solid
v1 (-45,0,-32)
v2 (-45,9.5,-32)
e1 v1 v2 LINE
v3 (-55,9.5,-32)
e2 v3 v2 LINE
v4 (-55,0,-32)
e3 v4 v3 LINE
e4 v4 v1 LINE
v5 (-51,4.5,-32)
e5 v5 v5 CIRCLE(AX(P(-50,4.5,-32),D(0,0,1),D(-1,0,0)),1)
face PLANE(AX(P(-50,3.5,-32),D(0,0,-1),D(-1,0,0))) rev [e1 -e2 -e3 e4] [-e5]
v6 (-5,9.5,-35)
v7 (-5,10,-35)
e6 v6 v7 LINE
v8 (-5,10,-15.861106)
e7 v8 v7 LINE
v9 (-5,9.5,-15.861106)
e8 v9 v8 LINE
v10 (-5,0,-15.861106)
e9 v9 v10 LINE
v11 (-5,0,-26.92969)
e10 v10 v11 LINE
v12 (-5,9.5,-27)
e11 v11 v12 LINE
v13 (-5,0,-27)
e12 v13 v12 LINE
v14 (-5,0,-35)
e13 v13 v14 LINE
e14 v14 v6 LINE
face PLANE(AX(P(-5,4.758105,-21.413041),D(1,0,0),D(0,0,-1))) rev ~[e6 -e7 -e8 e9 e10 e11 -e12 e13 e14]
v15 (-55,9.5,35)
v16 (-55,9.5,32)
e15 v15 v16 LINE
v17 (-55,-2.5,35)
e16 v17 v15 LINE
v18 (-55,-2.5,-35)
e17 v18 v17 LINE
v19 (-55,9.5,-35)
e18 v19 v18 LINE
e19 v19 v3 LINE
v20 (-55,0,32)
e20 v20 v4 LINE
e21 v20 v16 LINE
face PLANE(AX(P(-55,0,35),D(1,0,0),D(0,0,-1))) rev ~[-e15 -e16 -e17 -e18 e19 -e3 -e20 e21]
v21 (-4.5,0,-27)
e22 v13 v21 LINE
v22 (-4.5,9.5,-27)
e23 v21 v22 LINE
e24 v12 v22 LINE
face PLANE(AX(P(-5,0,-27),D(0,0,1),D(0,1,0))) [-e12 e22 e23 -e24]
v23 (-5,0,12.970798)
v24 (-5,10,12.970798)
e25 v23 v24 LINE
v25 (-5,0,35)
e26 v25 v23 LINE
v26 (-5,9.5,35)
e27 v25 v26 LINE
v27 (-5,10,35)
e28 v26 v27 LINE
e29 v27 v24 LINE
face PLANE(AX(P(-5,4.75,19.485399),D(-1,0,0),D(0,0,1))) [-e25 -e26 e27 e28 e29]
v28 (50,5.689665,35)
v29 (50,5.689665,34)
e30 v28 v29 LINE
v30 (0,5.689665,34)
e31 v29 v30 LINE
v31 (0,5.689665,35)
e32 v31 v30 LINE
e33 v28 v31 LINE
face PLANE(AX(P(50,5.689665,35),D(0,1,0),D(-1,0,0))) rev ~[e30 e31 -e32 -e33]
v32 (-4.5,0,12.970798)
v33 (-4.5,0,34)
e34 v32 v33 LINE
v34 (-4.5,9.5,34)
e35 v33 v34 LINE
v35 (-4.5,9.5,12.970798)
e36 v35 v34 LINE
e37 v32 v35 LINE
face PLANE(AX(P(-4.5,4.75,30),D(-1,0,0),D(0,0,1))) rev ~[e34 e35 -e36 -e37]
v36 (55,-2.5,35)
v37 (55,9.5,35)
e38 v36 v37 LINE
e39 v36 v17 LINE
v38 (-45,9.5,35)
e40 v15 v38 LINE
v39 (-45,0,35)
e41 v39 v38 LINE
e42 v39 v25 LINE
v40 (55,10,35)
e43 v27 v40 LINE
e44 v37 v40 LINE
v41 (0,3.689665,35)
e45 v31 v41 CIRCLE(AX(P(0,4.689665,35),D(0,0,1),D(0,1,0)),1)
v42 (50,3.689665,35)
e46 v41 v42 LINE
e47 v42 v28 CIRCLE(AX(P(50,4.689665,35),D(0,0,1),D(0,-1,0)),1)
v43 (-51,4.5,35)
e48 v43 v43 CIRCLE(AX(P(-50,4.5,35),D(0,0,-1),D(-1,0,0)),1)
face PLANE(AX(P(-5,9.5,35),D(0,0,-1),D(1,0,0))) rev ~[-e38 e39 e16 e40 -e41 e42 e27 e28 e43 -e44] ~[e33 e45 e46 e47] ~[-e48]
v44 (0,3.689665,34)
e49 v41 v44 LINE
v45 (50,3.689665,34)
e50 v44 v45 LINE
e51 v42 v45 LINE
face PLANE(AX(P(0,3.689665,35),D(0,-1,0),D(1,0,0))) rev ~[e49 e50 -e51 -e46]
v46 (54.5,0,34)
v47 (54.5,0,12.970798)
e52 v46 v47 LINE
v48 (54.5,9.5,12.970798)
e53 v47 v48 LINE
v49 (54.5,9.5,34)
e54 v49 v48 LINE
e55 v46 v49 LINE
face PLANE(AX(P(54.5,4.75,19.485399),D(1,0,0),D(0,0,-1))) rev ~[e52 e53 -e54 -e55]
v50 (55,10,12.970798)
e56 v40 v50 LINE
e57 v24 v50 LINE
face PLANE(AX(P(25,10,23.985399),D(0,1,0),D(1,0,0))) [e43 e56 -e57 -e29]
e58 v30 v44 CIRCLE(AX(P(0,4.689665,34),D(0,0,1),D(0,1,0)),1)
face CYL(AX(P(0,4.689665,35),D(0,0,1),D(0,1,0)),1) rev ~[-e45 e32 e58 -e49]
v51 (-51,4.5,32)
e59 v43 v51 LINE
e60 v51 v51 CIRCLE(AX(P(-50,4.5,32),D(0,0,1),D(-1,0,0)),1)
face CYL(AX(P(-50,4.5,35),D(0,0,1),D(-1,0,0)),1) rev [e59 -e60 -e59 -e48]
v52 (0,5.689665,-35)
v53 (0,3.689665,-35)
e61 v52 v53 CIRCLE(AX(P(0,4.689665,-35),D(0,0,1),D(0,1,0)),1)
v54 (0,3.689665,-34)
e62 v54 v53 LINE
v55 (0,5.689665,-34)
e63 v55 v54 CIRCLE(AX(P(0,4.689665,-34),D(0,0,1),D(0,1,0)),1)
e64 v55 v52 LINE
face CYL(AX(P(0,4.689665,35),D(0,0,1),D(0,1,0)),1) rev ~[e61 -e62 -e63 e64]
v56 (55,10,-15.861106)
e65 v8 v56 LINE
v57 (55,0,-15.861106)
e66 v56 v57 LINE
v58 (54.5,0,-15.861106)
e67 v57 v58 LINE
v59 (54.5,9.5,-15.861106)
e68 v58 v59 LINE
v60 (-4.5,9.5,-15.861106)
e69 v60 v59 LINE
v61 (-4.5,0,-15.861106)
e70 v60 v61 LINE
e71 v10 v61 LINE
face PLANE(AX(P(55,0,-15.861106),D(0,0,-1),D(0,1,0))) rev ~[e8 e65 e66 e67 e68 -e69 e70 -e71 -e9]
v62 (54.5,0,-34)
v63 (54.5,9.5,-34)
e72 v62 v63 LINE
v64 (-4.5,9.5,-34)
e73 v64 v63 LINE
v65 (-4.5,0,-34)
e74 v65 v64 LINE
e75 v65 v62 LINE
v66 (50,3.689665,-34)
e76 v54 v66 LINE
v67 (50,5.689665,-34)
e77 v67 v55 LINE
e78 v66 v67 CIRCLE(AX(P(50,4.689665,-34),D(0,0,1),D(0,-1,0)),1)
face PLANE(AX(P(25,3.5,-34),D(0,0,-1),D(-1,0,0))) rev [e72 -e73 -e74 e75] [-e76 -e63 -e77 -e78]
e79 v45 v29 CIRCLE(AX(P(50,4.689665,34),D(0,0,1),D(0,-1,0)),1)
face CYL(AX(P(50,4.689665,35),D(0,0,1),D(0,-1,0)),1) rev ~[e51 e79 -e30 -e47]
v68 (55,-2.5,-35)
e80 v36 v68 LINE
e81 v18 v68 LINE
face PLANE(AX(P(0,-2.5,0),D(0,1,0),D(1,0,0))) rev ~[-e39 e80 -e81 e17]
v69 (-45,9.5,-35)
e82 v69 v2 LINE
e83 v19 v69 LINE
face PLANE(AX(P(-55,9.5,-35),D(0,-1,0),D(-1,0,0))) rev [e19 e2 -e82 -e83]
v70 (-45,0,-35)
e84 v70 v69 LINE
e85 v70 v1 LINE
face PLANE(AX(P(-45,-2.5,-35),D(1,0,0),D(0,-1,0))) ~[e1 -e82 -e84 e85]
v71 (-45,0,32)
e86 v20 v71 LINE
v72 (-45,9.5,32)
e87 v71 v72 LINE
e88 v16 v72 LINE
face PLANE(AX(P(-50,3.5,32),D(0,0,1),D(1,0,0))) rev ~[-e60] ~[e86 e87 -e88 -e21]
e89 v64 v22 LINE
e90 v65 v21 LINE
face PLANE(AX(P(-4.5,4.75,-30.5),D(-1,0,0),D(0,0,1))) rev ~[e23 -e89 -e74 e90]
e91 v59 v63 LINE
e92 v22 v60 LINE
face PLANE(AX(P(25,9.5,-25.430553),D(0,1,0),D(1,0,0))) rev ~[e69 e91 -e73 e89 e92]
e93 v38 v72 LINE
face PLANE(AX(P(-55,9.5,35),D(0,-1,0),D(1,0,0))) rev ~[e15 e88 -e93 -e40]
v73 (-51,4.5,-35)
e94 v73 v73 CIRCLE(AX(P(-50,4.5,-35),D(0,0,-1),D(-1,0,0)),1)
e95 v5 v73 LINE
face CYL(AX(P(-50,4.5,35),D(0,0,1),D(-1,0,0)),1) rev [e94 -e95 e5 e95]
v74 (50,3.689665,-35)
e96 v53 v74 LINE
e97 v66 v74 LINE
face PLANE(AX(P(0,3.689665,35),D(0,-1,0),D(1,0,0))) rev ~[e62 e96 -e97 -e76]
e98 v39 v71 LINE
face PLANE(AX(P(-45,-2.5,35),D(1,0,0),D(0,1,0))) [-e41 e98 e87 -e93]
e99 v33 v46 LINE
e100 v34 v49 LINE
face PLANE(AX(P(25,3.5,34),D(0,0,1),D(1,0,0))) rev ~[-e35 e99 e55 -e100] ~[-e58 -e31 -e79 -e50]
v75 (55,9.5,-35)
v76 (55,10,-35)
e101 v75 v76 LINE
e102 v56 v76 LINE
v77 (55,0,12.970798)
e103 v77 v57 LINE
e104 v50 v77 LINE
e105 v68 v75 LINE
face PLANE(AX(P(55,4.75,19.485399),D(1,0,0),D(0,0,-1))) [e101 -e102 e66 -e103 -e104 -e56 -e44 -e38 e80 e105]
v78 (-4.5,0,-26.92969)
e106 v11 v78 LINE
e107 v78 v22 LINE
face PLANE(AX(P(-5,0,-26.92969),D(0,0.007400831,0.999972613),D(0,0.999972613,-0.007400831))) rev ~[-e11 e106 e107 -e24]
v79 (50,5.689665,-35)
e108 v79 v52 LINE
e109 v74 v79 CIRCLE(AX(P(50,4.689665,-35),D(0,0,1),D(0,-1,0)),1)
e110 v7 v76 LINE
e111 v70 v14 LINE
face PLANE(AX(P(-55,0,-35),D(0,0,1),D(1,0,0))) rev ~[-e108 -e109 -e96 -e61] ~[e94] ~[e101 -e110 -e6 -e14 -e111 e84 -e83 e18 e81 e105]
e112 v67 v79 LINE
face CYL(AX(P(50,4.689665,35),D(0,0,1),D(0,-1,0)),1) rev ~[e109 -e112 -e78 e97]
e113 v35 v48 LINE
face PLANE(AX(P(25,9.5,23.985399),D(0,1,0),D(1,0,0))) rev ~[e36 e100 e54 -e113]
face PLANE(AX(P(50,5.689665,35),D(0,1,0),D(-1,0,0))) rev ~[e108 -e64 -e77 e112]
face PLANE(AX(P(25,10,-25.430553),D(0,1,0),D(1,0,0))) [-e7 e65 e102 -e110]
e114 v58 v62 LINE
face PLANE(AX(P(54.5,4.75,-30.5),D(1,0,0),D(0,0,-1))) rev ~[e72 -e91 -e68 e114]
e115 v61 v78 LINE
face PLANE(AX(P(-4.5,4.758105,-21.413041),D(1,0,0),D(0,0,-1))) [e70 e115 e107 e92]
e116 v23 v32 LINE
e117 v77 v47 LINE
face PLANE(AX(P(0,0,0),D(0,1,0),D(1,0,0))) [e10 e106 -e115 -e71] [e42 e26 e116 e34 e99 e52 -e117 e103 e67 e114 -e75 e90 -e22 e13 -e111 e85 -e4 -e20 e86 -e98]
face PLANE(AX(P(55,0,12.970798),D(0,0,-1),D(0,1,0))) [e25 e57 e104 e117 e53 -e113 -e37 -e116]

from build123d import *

# Parameters (mm, degrees)
SKETCH1_W             = 110
SKETCH1_H             = 70
BOSS_EXTRUDE1_DEPTH   = 2.5
SKETCH2_W             = 60
SKETCH2_H             = 12
BOSS_EXTRUDE2_DEPTH   = 1
SKETCH3_W             = 10
SKETCH3_H             = 12
BOSS_EXTRUDE3_DEPTH   = 3
SKETCH5_W             = 8
SKETCH5_H             = 9.5
BOSS_EXTRUDE4_DEPTH   = 0.5
SKETCH5_W_2           = 7
BOSS_EXTRUDE4_2_DEPTH = 0.5
SKETCH6_W             = 8
SKETCH6_H             = 9.5
SKETCH6_W_2           = 7
BOSS_EXTRUDE5_DEPTH   = 0.5
SKETCH7_W             = 60
SKETCH7_H             = 22.029201989
SKETCH7_H_2           = 19.138894139
BOSS_EXTRUDE6_DEPTH   = 0.5
CUT_EXTRUDE1_START    = -70
CUT_EXTRUDE1_DEPTH    = 70
CUT_EXTRUDE2_START    = -70
SKETCH11_R            = 1
CUT_EXTRUDE2_DEPTH    = 70
SKETCH12_W            = 13.029201989
SKETCH12_H            = 9.5
BOSS_EXTRUDE7_DEPTH   = 0.5
SKETCH13_W            = 13.029201989
SKETCH13_H            = 9.5
SKETCH13_W_2          = 11.138894139
BOSS_EXTRUDE8_DEPTH   = 0.5


with BuildPart() as part:
    # Sketch1 → Boss-Extrude1 (new body)
    with BuildSketch(Plane(origin=(0, 0, 0), x_dir=(1, 0, 0), z_dir=(0, 1, 0))):
        Rectangle(SKETCH1_W, SKETCH1_H)
    extrude(amount=-BOSS_EXTRUDE1_DEPTH)

    # Sketch2 → Boss-Extrude2 (add)
    with BuildSketch(Plane.XY.offset(35)):
        with Locations((25, 3.5)):
            Rectangle(SKETCH2_W, SKETCH2_H)
    boss_extrude2 = extrude(amount=-BOSS_EXTRUDE2_DEPTH)

    # Mirror1: Boss-Extrude2 across plane
    add(boss_extrude2.mirror(Plane.XY))

    # Sketch3 → Boss-Extrude3 (add)
    with BuildSketch(Plane.XY.offset(35)):
        with Locations((-50, 3.5)):
            Rectangle(SKETCH3_W, SKETCH3_H)
    boss_extrude3 = extrude(amount=-BOSS_EXTRUDE3_DEPTH)

    # Mirror2: Boss-Extrude3 across plane
    add(boss_extrude3.mirror(Plane.XY))

    # Sketch6 → Boss-Extrude5 (add)
    with BuildSketch(Plane.ZY.offset(5)):
        with Locations((30, 4.75)):
            Rectangle(SKETCH6_W, SKETCH6_H)
        with Locations((-30.5, 4.75)):
            Rectangle(SKETCH6_W_2, SKETCH6_H)
    extrude(amount=-BOSS_EXTRUDE5_DEPTH)



with BuildPart() as body_2:
    # Sketch5 → Boss-Extrude4 (new body)
    with BuildSketch(Plane(origin=(55, 0, 0), x_dir=(0, 0, -1), z_dir=(1, 0, 0))):
        with Locations((-30, 4.75)):
            Rectangle(SKETCH5_W, SKETCH5_H)
    extrude(amount=-BOSS_EXTRUDE4_DEPTH)


with BuildPart() as body_3:
    # Sketch5 → Boss-Extrude4 2 (new body)
    with BuildSketch(Plane(origin=(55, 0, 0), x_dir=(0, 0, -1), z_dir=(1, 0, 0))):
        with Locations((30.5, 4.75)):
            Rectangle(SKETCH5_W_2, SKETCH5_H)
    extrude(amount=-BOSS_EXTRUDE4_2_DEPTH)


with BuildPart() as part_1:
    add(part.part)

    add(body_2.part)  # Boss-Extrude6 merges body 2

    add(body_3.part)  # Boss-Extrude6 merges body 3
    # Sketch7 → Boss-Extrude6 (add)
    with BuildSketch(Plane(origin=(0, 9.5, 0), x_dir=(1, 0, 0), z_dir=(0, 1, 0))):
        with Locations((25, -23.985399005)):
            Rectangle(SKETCH7_W, SKETCH7_H)
        with Locations((25, 25.43055293)):
            Rectangle(SKETCH7_W, SKETCH7_H_2)
    extrude(amount=BOSS_EXTRUDE6_DEPTH)

    # Sketch10 → Cut-Extrude1 (cut)
    with BuildSketch(Plane(origin=(0, 0, -35), x_dir=(-1, 0, 0), z_dir=(0, 0, -1)).offset(CUT_EXTRUDE1_START)):
        with BuildLine():
            Line((0, 3.689665026), (-50, 3.689665026))
            ThreePointArc((-50, 3.689665026), (-51, 4.689665026), (-50, 5.689665026))
            Line((-50, 5.689665026), (0, 5.689665026))
            ThreePointArc((0, 5.689665026), (1, 4.689665026), (0, 3.689665026))
        make_face()
    extrude(amount=CUT_EXTRUDE1_DEPTH, mode=Mode.SUBTRACT)

    # Sketch11 → Cut-Extrude2 (cut)
    with BuildSketch(Plane(origin=(0, 0, -35), x_dir=(-1, 0, 0), z_dir=(0, 0, -1)).offset(CUT_EXTRUDE2_START)):
        with Locations((50, 4.5)):
            Circle(SKETCH11_R)
    extrude(amount=CUT_EXTRUDE2_DEPTH, mode=Mode.SUBTRACT)

    # Sketch12 → Boss-Extrude7 (add)
    with BuildSketch(Plane.ZY.offset(5)):
        Polygon((-15.861105861, 9.5), (-15.861105861, 0), (-26.92969018, 0), (-27, 9.5), align=None)
        with Locations((19.485399005, 4.75)):
            Rectangle(SKETCH12_W, SKETCH12_H)
    extrude(amount=-BOSS_EXTRUDE7_DEPTH)

    # Sketch13 → Boss-Extrude8 (add)
    with BuildSketch(Plane(origin=(55, 0, 0), x_dir=(0, 0, -1), z_dir=(1, 0, 0))):
        with Locations((-19.485399005, 4.75)):
            Rectangle(SKETCH13_W, SKETCH13_H)
        with Locations((21.43055293, 4.75)):
            Rectangle(SKETCH13_W_2, SKETCH13_H)
    extrude(amount=-BOSS_EXTRUDE8_DEPTH)


solid = part_1.part
